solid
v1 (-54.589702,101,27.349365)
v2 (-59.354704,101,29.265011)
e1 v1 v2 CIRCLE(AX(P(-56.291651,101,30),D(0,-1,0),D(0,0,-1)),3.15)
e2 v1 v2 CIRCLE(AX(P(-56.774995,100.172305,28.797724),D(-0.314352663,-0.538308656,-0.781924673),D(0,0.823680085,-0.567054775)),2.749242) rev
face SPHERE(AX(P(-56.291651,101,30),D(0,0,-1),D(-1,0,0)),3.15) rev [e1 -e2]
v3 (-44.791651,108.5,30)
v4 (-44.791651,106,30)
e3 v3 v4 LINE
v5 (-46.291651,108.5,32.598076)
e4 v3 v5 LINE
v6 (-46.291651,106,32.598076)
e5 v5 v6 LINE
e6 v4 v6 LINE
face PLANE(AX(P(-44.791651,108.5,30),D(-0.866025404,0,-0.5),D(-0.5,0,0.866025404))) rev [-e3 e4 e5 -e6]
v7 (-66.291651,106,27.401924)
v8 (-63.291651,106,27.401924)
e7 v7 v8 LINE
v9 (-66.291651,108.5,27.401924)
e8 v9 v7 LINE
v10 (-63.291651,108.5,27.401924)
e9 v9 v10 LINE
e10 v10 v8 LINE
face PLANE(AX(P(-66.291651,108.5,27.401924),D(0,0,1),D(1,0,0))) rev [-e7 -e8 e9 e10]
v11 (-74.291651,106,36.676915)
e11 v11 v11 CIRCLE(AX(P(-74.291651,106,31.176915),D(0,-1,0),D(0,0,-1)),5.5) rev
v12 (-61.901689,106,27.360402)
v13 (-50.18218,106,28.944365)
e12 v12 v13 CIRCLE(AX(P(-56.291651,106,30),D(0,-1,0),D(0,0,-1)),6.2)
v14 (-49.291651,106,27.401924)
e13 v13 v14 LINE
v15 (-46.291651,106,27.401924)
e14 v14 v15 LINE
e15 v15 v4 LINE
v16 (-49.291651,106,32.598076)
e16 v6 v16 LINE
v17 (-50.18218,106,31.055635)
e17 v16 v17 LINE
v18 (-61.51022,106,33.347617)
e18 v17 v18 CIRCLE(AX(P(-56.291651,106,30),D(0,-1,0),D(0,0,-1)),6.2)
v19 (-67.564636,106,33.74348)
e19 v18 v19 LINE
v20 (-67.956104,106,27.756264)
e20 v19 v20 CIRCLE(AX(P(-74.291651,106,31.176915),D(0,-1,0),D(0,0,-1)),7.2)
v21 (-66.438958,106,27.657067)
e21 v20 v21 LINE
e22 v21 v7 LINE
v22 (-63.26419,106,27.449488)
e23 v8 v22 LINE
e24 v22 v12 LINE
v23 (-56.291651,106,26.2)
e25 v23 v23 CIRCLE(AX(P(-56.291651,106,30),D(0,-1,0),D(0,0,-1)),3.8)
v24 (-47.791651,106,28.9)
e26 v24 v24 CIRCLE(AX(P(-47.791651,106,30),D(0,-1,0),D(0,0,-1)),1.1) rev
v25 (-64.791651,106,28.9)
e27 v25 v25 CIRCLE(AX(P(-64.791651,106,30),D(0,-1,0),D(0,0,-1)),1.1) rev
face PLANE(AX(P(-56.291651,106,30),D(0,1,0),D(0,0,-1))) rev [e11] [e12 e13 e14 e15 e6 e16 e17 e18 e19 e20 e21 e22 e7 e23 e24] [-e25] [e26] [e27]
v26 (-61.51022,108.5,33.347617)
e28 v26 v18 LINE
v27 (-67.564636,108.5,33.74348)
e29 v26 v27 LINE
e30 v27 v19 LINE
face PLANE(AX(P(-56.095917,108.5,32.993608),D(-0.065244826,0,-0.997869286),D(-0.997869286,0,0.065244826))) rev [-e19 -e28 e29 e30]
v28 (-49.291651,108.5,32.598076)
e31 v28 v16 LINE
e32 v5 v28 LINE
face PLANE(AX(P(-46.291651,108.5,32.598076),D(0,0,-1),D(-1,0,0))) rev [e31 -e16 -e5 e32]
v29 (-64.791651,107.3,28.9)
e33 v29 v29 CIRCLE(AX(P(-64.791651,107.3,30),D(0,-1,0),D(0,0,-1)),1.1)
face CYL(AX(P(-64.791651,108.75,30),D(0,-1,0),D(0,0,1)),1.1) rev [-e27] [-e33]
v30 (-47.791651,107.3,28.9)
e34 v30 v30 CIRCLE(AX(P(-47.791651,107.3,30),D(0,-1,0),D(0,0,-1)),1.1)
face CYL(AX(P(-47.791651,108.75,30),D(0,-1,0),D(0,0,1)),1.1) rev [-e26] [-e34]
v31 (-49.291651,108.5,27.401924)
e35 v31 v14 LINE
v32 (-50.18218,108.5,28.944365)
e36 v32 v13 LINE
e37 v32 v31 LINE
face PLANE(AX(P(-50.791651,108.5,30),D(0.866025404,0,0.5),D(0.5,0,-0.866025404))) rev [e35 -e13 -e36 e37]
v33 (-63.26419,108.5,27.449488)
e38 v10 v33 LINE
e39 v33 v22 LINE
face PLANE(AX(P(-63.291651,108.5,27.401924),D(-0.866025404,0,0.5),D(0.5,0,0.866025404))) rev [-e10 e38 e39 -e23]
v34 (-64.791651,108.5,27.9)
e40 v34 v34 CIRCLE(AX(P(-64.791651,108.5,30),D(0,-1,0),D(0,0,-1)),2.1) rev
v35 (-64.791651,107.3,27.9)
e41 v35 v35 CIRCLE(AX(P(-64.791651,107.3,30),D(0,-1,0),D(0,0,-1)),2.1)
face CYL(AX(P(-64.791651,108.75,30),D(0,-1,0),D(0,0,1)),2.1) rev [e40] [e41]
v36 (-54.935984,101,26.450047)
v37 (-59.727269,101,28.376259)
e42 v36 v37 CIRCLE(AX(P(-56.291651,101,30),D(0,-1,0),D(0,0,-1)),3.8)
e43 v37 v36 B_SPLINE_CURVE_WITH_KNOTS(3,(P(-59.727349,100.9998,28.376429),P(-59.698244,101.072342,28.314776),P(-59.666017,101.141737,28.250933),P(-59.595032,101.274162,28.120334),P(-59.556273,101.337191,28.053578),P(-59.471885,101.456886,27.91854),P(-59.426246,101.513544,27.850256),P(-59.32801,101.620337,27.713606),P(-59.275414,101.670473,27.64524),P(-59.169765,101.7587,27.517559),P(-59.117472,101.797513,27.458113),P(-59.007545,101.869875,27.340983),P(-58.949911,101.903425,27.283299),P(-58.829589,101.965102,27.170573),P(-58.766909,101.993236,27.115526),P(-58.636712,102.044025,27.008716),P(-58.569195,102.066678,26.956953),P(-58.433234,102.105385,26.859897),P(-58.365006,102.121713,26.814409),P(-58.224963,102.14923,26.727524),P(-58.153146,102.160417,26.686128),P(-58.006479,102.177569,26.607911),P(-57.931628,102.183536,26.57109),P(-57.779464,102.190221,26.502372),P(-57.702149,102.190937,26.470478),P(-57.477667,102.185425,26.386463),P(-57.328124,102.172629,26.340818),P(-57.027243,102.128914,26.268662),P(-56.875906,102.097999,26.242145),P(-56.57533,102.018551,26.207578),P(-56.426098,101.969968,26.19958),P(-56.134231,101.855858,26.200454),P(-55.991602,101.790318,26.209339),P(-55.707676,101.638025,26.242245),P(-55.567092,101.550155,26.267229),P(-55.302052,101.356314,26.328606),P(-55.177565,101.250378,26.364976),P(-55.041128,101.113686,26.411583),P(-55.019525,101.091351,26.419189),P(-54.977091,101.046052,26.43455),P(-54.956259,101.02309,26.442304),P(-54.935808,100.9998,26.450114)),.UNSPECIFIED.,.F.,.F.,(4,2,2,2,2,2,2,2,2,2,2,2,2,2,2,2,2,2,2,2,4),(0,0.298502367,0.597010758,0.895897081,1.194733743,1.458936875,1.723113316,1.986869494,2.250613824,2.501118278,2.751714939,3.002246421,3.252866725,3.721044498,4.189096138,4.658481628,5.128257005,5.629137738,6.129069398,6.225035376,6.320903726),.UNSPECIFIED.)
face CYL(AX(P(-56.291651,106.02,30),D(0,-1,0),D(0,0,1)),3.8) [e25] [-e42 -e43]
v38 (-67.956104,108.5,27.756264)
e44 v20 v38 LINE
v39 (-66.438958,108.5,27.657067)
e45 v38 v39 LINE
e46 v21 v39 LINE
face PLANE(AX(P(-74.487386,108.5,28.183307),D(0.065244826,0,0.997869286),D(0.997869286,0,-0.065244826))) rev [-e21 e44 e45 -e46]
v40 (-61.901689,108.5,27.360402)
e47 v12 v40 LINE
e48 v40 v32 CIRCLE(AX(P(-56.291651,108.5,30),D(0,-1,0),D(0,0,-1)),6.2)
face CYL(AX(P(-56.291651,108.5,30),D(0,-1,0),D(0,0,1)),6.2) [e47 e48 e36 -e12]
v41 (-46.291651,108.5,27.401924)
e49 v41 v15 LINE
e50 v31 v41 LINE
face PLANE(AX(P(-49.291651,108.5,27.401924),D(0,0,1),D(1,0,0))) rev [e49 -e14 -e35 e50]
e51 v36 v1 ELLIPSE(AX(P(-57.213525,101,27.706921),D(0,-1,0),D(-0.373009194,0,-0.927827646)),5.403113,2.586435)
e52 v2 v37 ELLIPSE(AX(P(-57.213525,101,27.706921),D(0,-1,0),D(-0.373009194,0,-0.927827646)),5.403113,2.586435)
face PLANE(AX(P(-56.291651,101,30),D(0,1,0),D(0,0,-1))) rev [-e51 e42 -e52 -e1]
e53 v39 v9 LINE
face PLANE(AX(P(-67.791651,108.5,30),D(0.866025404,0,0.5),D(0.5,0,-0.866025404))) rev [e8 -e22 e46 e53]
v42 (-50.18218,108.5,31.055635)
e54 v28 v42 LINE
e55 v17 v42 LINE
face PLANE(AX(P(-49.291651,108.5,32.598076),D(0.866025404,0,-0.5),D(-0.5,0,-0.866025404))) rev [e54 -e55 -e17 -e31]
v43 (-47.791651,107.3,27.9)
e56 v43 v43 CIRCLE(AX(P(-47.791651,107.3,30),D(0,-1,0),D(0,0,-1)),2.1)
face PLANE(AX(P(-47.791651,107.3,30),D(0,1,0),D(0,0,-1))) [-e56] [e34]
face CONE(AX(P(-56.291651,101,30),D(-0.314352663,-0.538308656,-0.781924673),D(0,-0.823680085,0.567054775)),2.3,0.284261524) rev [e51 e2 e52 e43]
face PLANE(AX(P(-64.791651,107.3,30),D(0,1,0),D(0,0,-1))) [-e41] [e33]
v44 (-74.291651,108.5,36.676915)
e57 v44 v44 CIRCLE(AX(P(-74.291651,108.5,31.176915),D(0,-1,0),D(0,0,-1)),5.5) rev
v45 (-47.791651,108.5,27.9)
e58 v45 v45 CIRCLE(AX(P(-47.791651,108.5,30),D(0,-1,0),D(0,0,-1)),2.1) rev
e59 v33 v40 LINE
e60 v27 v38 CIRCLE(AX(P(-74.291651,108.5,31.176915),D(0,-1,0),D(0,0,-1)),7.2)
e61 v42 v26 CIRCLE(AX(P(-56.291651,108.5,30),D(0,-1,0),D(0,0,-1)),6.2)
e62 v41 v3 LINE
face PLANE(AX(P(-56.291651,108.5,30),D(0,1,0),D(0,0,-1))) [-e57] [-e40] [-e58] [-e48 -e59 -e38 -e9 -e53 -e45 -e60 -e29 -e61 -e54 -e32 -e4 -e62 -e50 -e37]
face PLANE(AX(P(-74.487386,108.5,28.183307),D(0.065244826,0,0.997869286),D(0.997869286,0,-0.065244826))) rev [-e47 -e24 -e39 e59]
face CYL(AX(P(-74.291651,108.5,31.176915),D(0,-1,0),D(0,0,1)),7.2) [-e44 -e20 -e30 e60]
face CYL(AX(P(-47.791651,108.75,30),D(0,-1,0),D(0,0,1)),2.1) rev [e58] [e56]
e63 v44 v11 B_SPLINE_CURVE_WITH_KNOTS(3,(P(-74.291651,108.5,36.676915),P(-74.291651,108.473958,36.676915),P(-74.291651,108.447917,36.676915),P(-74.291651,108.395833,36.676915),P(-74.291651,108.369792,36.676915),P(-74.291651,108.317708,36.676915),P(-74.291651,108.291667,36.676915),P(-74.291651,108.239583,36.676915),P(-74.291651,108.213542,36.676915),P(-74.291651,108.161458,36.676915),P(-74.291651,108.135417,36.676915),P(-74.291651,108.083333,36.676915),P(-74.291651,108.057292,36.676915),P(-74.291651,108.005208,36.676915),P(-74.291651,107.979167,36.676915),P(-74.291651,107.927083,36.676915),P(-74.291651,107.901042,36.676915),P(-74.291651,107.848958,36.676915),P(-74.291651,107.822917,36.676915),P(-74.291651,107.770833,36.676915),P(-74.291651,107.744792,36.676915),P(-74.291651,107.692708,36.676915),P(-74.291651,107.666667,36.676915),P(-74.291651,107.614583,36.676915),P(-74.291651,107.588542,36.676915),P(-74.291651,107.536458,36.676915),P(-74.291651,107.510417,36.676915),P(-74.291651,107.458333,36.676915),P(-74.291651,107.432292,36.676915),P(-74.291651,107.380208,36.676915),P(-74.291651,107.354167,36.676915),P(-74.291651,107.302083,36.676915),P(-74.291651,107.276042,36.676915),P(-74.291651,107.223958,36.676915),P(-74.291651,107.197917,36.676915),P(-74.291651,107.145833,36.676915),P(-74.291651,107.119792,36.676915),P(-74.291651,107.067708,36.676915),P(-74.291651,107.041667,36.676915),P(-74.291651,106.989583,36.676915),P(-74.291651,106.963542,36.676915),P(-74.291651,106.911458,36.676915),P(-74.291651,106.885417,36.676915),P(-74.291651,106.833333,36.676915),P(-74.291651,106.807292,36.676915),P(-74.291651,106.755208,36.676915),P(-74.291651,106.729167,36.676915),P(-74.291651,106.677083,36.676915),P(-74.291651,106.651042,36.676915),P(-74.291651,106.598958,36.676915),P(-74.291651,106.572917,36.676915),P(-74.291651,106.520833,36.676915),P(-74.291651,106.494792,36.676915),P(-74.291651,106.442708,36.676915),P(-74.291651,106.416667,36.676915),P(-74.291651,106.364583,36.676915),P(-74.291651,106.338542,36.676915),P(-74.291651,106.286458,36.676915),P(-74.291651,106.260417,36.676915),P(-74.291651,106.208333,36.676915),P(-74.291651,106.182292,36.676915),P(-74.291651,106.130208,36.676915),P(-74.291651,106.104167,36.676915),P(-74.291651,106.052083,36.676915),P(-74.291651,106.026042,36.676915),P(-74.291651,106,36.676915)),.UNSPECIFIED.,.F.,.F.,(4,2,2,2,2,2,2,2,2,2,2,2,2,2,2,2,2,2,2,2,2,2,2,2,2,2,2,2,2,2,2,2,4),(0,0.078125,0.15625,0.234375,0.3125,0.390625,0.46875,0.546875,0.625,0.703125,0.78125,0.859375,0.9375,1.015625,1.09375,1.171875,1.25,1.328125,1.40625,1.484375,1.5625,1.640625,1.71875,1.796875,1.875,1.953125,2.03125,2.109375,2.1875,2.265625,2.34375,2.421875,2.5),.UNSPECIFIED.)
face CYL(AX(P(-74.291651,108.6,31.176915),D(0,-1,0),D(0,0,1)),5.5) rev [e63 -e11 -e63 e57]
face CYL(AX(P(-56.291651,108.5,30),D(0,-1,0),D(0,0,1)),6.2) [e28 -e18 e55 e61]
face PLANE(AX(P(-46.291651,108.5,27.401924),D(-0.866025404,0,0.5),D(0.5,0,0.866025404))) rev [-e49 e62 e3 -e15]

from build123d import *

# Parameters (mm, degrees)
RETAINER_FEATURE_1_PROFILE_R  = 3.8
RETAINER_FEATURE_1_DEPTH      = 5.02
RETAINER_FEATURE_2_PROFILE_R  = 6.2
RETAINER_FEATURE_2_DEPTH      = 2.5
RETAINER_FEATURE_5_DEPTH      = 2.5
RETAINER_FEATURE_8_DEPTH      = 2.5
RETAINER_FEATURE_12_DEPTH     = 2.5
RETAINER_FEATURE_13_PROFILE_R = 7.2
RETAINER_FEATURE_13_DEPTH     = 2.5
RETAINER_FEATURE_14_PROFILE_R = 5.5
RETAINER_FEATURE_14_DEPTH     = 2.7
RETAINER_FEATURE_15_PROFILE_R = 1.1
RETAINER_FEATURE_15_DEPTH     = 3.75
RETAINER_FEATURE_16_PROFILE_R = 2.1
RETAINER_FEATURE_16_DEPTH     = 1.45
RETAINER_FEATURE_17_PROFILE_R = 1.1
RETAINER_FEATURE_17_DEPTH     = 3.75
RETAINER_FEATURE_18_PROFILE_R = 2.1
RETAINER_FEATURE_18_DEPTH     = 1.45


with BuildPart() as part:
    # Retainer Feature 1 profile → Retainer Feature 1 (new body)
    with BuildSketch(Plane(origin=(0, -101, 0), x_dir=(-1, 0, 0), z_dir=(0, -1, 0))):
        with Locations(Location((56.291651246, -30, 0), (0, 0, 90))):
            Circle(RETAINER_FEATURE_1_PROFILE_R)
    extrude(amount=RETAINER_FEATURE_1_DEPTH)

    # Retainer Feature 2 profile → Retainer Feature 2 (add)
    with BuildSketch(Plane(origin=(0, -106, 0), x_dir=(-1, 0, 0), z_dir=(0, -1, 0))):
        with Locations(Location((56.291651246, -30, 0), (0, 0, 90))):
            Circle(RETAINER_FEATURE_2_PROFILE_R)
    extrude(amount=RETAINER_FEATURE_2_DEPTH)

    # Middle Right Floating Compression Ball R → Retainer Feature 5 (add)
    with BuildSketch(Plane(origin=(0, -106, 0), x_dir=(-1, 0, 0), z_dir=(0, -1, 0))):
        Polygon((44.791651246, -30), (46.291651246, -32.598076211), (49.291651246, -32.598076211), (50.791651246, -30), (49.291651246, -27.401923789), (46.291651246, -27.401923789), align=None)
    extrude(amount=RETAINER_FEATURE_5_DEPTH)

    # Middle Right Floating Compression Ba 2 → Retainer Feature 8 (add)
    with BuildSketch(Plane(origin=(0, -106, 0), x_dir=(-1, 0, 0), z_dir=(0, -1, 0))):
        Polygon((61.791651246, -30), (63.291651246, -32.598076211), (66.291651246, -32.598076211), (67.791651246, -30), (66.291651246, -27.401923789), (63.291651246, -27.401923789), align=None)
    extrude(amount=RETAINER_FEATURE_8_DEPTH)

    # Retainer Feature 9 profile → Retainer Feature 9 (revolve, cut)
    with BuildSketch(Plane(origin=(0, -101, 0), x_dir=(-1, 0, 0), z_dir=(0, -1, 0))):
        with BuildLine():
            Line((56.291651246, -33.15), (56.291651246, -26.85))
            ThreePointArc((56.291651246, -26.85), (53.141651246, -30), (56.291651246, -33.15))
        make_face()
    revolve(axis=Axis((-56.291651246, -101, 20), (0, 0, 1)), mode=Mode.SUBTRACT)

    # Middle Right Floating Compression Ba 3 → Retainer Feature 12 (add)
    with BuildSketch(Plane(origin=(0, -106, 0), x_dir=(-1, 0, 0), z_dir=(0, -1, 0))):
        Polygon((56.095916768, -32.993607859), (74.095916768, -34.170522395), (74.487385724, -28.183306677), (56.487385724, -27.006392141), align=None)
    extrude(amount=RETAINER_FEATURE_12_DEPTH)

    # Retainer Feature 13 profile → Retainer Feature 13 (add)
    with BuildSketch(Plane(origin=(0, -106, 0), x_dir=(-1, 0, 0), z_dir=(0, -1, 0))):
        with Locations((74.291651246, -31.176914536)):
            Circle(RETAINER_FEATURE_13_PROFILE_R)
    extrude(amount=RETAINER_FEATURE_13_DEPTH)

    # Retainer Feature 14 profile → Retainer Feature 14 (cut)
    with BuildSketch(Plane(origin=(0, -105.9, 0), x_dir=(-1, 0, 0), z_dir=(0, -1, 0))):
        with Locations(Location((74.291651246, -31.176914536, 0), (0, 0, 270))):
            Circle(RETAINER_FEATURE_14_PROFILE_R)
    extrude(amount=RETAINER_FEATURE_14_DEPTH, mode=Mode.SUBTRACT)

    # Retainer Feature 15 profile → Retainer Feature 15 (cut)
    with BuildSketch(Plane(origin=(0, -105, 0), x_dir=(-1, 0, 0), z_dir=(0, -1, 0))):
        with Locations(Location((47.791651246, -30, 0), (0, 0, 90))):
            Circle(RETAINER_FEATURE_15_PROFILE_R)
    extrude(amount=RETAINER_FEATURE_15_DEPTH, mode=Mode.SUBTRACT)

    # Retainer Feature 16 profile → Retainer Feature 16 (cut)
    with BuildSketch(Plane(origin=(0, -107.3, 0), x_dir=(-1, 0, 0), z_dir=(0, -1, 0))):
        with Locations(Location((47.791651246, -30, 0), (0, 0, 90))):
            Circle(RETAINER_FEATURE_16_PROFILE_R)
    extrude(amount=RETAINER_FEATURE_16_DEPTH, mode=Mode.SUBTRACT)

    # Retainer Feature 17 profile → Retainer Feature 17 (cut)
    with BuildSketch(Plane(origin=(0, -105, 0), x_dir=(-1, 0, 0), z_dir=(0, -1, 0))):
        with Locations(Location((64.791651246, -30, 0), (0, 0, 90))):
            Circle(RETAINER_FEATURE_17_PROFILE_R)
    extrude(amount=RETAINER_FEATURE_17_DEPTH, mode=Mode.SUBTRACT)

    # Retainer Feature 18 profile → Retainer Feature 18 (cut)
    with BuildSketch(Plane(origin=(0, -107.3, 0), x_dir=(-1, 0, 0), z_dir=(0, -1, 0))):
        with Locations(Location((64.791651246, -30, 0), (0, 0, 90))):
            Circle(RETAINER_FEATURE_18_PROFILE_R)
    extrude(amount=RETAINER_FEATURE_18_DEPTH, mode=Mode.SUBTRACT)

    # Articulation Throat Sketch → Articulation Throat (revolve, cut)
    with BuildSketch(Plane(origin=(-75.19414337, -14.119516346, 20.509419779), x_dir=(-0.2544785459472912, -0.04778449262394895, -0.9658971539026421), z_dir=(0.9493062747008634, 0.178255178692775, -0.2589260282064664))):
        Polygon((-9.825663304, -88.876600419), (-8.475389129, -90.738524062), (14.088996194, -82.675837476), (8.793573125, -75.373858667), align=None)
    revolve(axis=Axis((-53.148124615, -106.383086561, 37.819246728), (-0.3143526631246646, 0.5383086561091633, -0.781924672807028)), mode=Mode.SUBTRACT)


with BuildPart() as body_2:
    # Mirror1: mirrored copy
    add(part.part.mirror(Plane(origin=(0, 0, 0), x_dir=(0, 0, 1), z_dir=(0, -1, 0))))


solid = body_2.part
